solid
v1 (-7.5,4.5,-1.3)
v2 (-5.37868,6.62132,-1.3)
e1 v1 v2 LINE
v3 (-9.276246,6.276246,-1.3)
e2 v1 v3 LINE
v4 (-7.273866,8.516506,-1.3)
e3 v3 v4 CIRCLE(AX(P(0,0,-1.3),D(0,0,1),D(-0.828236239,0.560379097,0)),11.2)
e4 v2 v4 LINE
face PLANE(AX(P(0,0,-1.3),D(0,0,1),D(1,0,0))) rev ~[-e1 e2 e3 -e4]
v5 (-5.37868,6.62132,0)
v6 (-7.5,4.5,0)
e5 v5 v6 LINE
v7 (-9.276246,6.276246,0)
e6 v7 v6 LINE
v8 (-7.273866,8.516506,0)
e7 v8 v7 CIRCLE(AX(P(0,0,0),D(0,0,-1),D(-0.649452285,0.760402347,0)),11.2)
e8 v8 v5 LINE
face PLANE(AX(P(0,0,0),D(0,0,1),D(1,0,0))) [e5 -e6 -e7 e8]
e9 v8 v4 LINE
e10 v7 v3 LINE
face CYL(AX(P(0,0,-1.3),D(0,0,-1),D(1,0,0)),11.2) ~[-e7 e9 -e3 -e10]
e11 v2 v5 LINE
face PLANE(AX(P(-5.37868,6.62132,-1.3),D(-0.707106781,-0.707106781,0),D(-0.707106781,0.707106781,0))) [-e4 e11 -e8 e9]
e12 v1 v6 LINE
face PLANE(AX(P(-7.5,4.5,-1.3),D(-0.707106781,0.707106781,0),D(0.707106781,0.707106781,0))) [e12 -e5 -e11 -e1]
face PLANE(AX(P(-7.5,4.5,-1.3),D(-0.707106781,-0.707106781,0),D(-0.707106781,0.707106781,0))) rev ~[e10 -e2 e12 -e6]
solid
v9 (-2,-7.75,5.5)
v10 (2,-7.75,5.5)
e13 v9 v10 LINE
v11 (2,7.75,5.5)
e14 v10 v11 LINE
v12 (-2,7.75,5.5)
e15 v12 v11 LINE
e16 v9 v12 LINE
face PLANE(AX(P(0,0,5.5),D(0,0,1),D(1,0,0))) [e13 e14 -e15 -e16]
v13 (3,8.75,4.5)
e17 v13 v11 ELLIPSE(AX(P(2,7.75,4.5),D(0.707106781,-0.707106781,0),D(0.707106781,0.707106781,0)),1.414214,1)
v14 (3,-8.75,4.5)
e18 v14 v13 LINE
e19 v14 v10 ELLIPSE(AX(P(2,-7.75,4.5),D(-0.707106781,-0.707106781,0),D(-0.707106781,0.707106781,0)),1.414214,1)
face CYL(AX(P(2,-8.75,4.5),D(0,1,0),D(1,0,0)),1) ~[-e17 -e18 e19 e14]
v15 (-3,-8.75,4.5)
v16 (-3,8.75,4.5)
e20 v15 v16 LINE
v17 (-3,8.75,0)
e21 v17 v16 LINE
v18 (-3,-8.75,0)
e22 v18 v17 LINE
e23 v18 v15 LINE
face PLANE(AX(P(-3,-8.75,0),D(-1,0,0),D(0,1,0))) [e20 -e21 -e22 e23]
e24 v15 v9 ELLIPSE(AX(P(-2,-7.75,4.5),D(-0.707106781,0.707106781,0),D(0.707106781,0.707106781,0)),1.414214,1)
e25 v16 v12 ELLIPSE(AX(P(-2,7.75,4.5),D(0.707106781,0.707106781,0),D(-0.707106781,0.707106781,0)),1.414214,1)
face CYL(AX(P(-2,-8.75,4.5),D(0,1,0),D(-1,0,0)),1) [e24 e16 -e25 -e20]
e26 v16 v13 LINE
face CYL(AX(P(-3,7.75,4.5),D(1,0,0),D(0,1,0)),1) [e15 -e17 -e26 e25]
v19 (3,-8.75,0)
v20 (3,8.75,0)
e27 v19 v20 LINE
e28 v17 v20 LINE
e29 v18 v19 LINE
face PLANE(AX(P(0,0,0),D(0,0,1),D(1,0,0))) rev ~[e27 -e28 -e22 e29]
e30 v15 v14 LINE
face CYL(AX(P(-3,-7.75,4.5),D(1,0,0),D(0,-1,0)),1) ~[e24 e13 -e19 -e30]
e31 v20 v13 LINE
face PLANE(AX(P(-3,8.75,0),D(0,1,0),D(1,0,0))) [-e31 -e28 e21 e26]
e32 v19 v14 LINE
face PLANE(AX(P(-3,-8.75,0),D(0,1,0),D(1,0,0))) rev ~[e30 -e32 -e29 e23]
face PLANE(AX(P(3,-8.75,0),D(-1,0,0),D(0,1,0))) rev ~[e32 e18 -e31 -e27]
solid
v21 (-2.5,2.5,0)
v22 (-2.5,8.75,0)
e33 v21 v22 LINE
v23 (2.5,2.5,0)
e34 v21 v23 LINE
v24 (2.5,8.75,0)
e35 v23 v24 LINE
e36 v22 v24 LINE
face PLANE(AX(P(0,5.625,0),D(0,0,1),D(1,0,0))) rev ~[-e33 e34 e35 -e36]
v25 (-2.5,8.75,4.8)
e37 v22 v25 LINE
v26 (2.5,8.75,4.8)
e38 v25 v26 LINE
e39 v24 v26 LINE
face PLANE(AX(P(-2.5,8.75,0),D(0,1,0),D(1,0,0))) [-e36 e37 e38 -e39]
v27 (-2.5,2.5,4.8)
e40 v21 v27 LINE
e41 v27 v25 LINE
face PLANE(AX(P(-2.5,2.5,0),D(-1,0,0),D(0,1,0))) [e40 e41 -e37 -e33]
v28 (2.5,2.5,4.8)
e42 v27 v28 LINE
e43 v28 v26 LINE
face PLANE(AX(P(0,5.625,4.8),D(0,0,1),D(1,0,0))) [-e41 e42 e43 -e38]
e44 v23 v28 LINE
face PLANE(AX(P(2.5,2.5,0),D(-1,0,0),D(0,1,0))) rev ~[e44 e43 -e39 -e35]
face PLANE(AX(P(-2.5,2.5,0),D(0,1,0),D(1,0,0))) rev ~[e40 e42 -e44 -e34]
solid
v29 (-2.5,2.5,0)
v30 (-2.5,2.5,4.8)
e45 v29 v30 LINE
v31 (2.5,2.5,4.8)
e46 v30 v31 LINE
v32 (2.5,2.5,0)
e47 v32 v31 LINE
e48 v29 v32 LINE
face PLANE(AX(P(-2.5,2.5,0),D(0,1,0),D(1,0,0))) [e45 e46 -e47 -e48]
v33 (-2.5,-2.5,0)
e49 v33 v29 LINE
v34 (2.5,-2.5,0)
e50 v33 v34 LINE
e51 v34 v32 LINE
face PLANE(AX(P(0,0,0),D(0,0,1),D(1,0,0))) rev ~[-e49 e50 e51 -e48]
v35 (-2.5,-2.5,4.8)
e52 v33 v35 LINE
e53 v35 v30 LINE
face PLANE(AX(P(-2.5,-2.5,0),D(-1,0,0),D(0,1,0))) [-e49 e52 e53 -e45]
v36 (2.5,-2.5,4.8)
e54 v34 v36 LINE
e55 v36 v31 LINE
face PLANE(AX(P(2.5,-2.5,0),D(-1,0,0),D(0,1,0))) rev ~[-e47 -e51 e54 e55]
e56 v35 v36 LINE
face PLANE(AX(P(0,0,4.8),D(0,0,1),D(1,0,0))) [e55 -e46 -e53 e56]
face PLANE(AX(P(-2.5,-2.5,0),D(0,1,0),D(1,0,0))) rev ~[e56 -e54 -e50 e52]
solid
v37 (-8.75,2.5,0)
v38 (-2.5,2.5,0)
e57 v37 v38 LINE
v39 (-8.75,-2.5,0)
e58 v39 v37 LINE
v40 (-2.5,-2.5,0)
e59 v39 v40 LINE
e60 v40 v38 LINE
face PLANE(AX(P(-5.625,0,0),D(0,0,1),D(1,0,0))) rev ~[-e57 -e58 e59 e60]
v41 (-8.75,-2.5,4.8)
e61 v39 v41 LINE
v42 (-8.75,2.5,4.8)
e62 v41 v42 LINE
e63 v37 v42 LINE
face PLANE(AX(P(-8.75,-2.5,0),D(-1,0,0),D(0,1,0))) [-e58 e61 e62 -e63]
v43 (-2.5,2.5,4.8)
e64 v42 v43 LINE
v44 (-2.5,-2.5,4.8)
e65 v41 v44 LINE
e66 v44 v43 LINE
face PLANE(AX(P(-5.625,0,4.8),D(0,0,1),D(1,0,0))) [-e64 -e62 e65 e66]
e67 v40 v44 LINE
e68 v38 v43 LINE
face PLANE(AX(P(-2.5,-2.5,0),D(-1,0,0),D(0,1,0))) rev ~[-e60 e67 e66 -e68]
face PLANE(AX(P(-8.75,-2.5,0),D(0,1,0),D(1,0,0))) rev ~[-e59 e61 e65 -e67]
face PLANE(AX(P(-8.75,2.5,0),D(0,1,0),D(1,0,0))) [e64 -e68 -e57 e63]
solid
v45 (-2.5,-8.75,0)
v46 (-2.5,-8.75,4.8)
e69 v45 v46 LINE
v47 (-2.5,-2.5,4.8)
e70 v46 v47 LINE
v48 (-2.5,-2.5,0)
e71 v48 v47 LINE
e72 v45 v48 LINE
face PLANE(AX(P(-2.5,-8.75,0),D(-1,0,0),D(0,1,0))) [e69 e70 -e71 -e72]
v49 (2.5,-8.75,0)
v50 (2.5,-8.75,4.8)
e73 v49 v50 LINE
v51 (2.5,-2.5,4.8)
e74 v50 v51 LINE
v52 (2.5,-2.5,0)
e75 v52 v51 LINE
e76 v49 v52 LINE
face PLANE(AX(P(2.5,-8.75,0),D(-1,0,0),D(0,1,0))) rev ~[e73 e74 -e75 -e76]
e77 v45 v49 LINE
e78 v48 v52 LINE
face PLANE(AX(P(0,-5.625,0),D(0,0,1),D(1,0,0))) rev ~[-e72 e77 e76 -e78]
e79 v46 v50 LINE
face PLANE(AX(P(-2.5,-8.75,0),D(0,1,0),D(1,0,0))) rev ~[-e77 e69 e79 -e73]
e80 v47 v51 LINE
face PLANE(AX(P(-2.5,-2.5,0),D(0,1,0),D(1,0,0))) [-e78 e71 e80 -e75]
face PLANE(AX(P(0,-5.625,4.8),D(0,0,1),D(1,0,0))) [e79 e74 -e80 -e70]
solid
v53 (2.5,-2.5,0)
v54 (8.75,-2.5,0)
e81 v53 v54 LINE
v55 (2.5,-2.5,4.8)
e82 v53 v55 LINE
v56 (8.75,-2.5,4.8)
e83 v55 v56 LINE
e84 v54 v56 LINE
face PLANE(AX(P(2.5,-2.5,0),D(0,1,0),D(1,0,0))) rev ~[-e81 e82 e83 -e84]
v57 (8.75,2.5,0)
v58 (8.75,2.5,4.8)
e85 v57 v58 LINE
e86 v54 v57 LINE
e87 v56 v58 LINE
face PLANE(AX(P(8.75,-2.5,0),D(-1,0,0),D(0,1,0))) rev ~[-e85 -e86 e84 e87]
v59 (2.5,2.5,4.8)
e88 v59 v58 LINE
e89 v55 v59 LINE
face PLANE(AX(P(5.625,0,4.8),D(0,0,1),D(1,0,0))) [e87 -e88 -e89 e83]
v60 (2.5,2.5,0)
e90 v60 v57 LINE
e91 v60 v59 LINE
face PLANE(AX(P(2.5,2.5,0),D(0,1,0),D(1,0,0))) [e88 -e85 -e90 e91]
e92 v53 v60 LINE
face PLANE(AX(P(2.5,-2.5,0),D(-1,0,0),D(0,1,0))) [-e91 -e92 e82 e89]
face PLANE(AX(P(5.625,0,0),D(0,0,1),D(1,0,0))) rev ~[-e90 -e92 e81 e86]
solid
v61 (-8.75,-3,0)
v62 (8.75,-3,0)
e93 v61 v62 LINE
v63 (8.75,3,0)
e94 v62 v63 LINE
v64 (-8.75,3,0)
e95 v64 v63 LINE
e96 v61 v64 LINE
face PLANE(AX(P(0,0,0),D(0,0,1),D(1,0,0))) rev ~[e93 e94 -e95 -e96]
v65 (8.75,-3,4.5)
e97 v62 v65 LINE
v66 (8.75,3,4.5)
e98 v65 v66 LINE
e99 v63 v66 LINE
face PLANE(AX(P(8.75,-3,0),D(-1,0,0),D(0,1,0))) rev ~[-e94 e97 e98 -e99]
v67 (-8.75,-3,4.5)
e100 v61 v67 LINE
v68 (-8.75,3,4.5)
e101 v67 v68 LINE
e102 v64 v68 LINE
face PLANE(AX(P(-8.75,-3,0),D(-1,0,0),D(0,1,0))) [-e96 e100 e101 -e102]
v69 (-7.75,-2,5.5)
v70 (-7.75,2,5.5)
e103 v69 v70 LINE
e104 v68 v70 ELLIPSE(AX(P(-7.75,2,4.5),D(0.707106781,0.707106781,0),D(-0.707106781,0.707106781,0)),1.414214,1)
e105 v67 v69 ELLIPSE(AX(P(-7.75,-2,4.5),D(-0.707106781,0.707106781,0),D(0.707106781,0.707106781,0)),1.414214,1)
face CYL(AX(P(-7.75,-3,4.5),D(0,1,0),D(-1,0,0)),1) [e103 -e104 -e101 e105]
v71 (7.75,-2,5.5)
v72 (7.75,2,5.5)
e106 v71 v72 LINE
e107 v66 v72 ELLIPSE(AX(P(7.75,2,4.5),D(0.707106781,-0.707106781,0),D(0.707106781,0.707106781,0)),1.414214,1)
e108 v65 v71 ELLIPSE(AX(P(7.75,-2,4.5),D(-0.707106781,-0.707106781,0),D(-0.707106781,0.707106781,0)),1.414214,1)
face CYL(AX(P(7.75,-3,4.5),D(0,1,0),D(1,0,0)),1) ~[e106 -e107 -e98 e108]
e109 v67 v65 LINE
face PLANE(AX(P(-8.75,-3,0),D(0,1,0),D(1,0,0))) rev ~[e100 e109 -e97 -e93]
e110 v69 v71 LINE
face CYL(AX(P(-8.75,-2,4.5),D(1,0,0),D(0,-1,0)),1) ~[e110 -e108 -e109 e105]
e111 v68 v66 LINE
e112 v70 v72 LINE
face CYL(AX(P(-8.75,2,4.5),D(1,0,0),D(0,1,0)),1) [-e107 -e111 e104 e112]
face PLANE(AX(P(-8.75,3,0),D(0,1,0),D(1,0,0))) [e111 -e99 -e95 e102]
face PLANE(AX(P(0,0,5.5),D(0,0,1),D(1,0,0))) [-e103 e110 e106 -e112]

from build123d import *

# Parameters (mm, degrees)
BOX_W                  = 5
BOX_H                  = 6.25
BOX_DEPTH              = 4.8
BOX001_W               = 6.25
BOX001_H               = 5
BOX001_DEPTH           = 4.8
BOX003_W               = 5
BOX003_H               = 6.25
BOX003_DEPTH           = 4.8
BOX004_W               = 6.25
BOX004_H               = 5
BOX004_DEPTH           = 4.8
BOX005_W               = 5
BOX005_H               = 5
BOX005_DEPTH           = 4.8
BOX007_W               = 6
BOX007_H               = 17.5
BOX007_DEPTH           = 5.5
FILLET_R               = 1
BOX006_W               = 17.5
BOX006_H               = 6
BOX006_DEPTH           = 5.5
FILLET001_R            = 1
BOX002_W               = 3
BOX002_H               = 3
BOX002_DEPTH           = 10
BOX002_PLACEMENT_ANGLE = 45
CYLINDER_R             = 11.2
CYLINDER_DEPTH         = 1.3


with BuildPart() as cube_dpad_vertical_top:
    # Box → Box (new body)
    with BuildSketch(Plane(origin=(-2.5, 2.5, 0), x_dir=(1, 0, 0), z_dir=(0, 0, 1))):
        with Locations((2.5, 3.125)):
            Rectangle(BOX_W, BOX_H)
    extrude(amount=BOX_DEPTH)


with BuildPart() as cube_dpad_horizontal_left:
    # Box001 → Box001 (new body)
    with BuildSketch(Plane(origin=(-8.75, -2.5, 0), x_dir=(1, 0, 0), z_dir=(0, 0, 1))):
        with Locations((3.125, 2.5)):
            Rectangle(BOX001_W, BOX001_H)
    extrude(amount=BOX001_DEPTH)


with BuildPart() as cube_dpad_vertical_bottom:
    # Box003 → Box003 (new body)
    with BuildSketch(Plane(origin=(-2.5, -8.75, 0), x_dir=(1, 0, 0), z_dir=(0, 0, 1))):
        with Locations((2.5, 3.125)):
            Rectangle(BOX003_W, BOX003_H)
    extrude(amount=BOX003_DEPTH)


with BuildPart() as cube_dpad_horizontal_right:
    # Box004 → Box004 (new body)
    with BuildSketch(Plane(origin=(2.5, -2.5, 0), x_dir=(1, 0, 0), z_dir=(0, 0, 1))):
        with Locations((3.125, 2.5)):
            Rectangle(BOX004_W, BOX004_H)
    extrude(amount=BOX004_DEPTH)


with BuildPart() as cube_dpad_middle:
    # Box005 → Box005 (new body)
    with BuildSketch(Plane(origin=(-2.5, -2.5, 0), x_dir=(1, 0, 0), z_dir=(0, 0, 1))):
        with Locations((2.5, 2.5)):
            Rectangle(BOX005_W, BOX005_H)
    extrude(amount=BOX005_DEPTH)


with BuildPart() as fillet_body:
    # Box007 → Box007 (new body)
    with BuildSketch(Plane(origin=(-3, -8.75, 0), x_dir=(1, 0, 0), z_dir=(0, 0, 1))):
        with Locations((3, 8.75)):
            Rectangle(BOX007_W, BOX007_H)
    extrude(amount=BOX007_DEPTH)

    # Fillet
    fillet_edges = [fillet_body.edges().sort_by_distance(p)[0] for p in [
        (-3, 0, 5.5),
        (3, 0, 5.5),
        (0, -8.75, 5.5),
        (0, 8.75, 5.5),
    ]]
    fillet(fillet_edges, radius=FILLET_R)


with BuildPart() as fillet001:
    # Box006 → Box006 (new body)
    with BuildSketch(Plane(origin=(-8.75, -3, 0), x_dir=(1, 0, 0), z_dir=(0, 0, 1))):
        with Locations((8.75, 3)):
            Rectangle(BOX006_W, BOX006_H)
    extrude(amount=BOX006_DEPTH)

    # Fillet001
    fillet001_edges = [fillet001.edges().sort_by_distance(p)[0] for p in [
        (-8.75, 0, 5.5),
        (8.75, 0, 5.5),
        (0, -3, 5.5),
        (0, 3, 5.5),
    ]]
    fillet(fillet001_edges, radius=FILLET001_R)


with BuildPart() as cube_corner_cut:
    # Box002 → Box002 (new body)
    with BuildSketch(Plane.XY):
        with Locations((1.5, 1.5)):
            Rectangle(BOX002_W, BOX002_H)
    extrude(amount=BOX002_DEPTH)


with BuildPart() as cube_corner_cut_1:
    # Box002 placement: moved
    add(cube_corner_cut.part.moved(Location((-7.5, 4.5, -1.3))).rotate(Axis((-7.5, 4.5, -1.3), (0, 0, 1)), BOX002_PLACEMENT_ANGLE))


with BuildPart() as cut:
    # Cylinder → Cylinder (new body)
    with BuildSketch(Plane.XY.offset(-1.3)):
        Circle(CYLINDER_R)
    extrude(amount=CYLINDER_DEPTH)

    # Cut: cut Cube(corner_cut)
    add(cube_corner_cut_1.part, mode=Mode.SUBTRACT)


solid = Compound([cube_dpad_vertical_top.part, cube_dpad_horizontal_left.part, cube_dpad_vertical_bottom.part, cube_dpad_horizontal_right.part, cube_dpad_middle.part, fillet_body.part, fillet001.part, cut.part])
